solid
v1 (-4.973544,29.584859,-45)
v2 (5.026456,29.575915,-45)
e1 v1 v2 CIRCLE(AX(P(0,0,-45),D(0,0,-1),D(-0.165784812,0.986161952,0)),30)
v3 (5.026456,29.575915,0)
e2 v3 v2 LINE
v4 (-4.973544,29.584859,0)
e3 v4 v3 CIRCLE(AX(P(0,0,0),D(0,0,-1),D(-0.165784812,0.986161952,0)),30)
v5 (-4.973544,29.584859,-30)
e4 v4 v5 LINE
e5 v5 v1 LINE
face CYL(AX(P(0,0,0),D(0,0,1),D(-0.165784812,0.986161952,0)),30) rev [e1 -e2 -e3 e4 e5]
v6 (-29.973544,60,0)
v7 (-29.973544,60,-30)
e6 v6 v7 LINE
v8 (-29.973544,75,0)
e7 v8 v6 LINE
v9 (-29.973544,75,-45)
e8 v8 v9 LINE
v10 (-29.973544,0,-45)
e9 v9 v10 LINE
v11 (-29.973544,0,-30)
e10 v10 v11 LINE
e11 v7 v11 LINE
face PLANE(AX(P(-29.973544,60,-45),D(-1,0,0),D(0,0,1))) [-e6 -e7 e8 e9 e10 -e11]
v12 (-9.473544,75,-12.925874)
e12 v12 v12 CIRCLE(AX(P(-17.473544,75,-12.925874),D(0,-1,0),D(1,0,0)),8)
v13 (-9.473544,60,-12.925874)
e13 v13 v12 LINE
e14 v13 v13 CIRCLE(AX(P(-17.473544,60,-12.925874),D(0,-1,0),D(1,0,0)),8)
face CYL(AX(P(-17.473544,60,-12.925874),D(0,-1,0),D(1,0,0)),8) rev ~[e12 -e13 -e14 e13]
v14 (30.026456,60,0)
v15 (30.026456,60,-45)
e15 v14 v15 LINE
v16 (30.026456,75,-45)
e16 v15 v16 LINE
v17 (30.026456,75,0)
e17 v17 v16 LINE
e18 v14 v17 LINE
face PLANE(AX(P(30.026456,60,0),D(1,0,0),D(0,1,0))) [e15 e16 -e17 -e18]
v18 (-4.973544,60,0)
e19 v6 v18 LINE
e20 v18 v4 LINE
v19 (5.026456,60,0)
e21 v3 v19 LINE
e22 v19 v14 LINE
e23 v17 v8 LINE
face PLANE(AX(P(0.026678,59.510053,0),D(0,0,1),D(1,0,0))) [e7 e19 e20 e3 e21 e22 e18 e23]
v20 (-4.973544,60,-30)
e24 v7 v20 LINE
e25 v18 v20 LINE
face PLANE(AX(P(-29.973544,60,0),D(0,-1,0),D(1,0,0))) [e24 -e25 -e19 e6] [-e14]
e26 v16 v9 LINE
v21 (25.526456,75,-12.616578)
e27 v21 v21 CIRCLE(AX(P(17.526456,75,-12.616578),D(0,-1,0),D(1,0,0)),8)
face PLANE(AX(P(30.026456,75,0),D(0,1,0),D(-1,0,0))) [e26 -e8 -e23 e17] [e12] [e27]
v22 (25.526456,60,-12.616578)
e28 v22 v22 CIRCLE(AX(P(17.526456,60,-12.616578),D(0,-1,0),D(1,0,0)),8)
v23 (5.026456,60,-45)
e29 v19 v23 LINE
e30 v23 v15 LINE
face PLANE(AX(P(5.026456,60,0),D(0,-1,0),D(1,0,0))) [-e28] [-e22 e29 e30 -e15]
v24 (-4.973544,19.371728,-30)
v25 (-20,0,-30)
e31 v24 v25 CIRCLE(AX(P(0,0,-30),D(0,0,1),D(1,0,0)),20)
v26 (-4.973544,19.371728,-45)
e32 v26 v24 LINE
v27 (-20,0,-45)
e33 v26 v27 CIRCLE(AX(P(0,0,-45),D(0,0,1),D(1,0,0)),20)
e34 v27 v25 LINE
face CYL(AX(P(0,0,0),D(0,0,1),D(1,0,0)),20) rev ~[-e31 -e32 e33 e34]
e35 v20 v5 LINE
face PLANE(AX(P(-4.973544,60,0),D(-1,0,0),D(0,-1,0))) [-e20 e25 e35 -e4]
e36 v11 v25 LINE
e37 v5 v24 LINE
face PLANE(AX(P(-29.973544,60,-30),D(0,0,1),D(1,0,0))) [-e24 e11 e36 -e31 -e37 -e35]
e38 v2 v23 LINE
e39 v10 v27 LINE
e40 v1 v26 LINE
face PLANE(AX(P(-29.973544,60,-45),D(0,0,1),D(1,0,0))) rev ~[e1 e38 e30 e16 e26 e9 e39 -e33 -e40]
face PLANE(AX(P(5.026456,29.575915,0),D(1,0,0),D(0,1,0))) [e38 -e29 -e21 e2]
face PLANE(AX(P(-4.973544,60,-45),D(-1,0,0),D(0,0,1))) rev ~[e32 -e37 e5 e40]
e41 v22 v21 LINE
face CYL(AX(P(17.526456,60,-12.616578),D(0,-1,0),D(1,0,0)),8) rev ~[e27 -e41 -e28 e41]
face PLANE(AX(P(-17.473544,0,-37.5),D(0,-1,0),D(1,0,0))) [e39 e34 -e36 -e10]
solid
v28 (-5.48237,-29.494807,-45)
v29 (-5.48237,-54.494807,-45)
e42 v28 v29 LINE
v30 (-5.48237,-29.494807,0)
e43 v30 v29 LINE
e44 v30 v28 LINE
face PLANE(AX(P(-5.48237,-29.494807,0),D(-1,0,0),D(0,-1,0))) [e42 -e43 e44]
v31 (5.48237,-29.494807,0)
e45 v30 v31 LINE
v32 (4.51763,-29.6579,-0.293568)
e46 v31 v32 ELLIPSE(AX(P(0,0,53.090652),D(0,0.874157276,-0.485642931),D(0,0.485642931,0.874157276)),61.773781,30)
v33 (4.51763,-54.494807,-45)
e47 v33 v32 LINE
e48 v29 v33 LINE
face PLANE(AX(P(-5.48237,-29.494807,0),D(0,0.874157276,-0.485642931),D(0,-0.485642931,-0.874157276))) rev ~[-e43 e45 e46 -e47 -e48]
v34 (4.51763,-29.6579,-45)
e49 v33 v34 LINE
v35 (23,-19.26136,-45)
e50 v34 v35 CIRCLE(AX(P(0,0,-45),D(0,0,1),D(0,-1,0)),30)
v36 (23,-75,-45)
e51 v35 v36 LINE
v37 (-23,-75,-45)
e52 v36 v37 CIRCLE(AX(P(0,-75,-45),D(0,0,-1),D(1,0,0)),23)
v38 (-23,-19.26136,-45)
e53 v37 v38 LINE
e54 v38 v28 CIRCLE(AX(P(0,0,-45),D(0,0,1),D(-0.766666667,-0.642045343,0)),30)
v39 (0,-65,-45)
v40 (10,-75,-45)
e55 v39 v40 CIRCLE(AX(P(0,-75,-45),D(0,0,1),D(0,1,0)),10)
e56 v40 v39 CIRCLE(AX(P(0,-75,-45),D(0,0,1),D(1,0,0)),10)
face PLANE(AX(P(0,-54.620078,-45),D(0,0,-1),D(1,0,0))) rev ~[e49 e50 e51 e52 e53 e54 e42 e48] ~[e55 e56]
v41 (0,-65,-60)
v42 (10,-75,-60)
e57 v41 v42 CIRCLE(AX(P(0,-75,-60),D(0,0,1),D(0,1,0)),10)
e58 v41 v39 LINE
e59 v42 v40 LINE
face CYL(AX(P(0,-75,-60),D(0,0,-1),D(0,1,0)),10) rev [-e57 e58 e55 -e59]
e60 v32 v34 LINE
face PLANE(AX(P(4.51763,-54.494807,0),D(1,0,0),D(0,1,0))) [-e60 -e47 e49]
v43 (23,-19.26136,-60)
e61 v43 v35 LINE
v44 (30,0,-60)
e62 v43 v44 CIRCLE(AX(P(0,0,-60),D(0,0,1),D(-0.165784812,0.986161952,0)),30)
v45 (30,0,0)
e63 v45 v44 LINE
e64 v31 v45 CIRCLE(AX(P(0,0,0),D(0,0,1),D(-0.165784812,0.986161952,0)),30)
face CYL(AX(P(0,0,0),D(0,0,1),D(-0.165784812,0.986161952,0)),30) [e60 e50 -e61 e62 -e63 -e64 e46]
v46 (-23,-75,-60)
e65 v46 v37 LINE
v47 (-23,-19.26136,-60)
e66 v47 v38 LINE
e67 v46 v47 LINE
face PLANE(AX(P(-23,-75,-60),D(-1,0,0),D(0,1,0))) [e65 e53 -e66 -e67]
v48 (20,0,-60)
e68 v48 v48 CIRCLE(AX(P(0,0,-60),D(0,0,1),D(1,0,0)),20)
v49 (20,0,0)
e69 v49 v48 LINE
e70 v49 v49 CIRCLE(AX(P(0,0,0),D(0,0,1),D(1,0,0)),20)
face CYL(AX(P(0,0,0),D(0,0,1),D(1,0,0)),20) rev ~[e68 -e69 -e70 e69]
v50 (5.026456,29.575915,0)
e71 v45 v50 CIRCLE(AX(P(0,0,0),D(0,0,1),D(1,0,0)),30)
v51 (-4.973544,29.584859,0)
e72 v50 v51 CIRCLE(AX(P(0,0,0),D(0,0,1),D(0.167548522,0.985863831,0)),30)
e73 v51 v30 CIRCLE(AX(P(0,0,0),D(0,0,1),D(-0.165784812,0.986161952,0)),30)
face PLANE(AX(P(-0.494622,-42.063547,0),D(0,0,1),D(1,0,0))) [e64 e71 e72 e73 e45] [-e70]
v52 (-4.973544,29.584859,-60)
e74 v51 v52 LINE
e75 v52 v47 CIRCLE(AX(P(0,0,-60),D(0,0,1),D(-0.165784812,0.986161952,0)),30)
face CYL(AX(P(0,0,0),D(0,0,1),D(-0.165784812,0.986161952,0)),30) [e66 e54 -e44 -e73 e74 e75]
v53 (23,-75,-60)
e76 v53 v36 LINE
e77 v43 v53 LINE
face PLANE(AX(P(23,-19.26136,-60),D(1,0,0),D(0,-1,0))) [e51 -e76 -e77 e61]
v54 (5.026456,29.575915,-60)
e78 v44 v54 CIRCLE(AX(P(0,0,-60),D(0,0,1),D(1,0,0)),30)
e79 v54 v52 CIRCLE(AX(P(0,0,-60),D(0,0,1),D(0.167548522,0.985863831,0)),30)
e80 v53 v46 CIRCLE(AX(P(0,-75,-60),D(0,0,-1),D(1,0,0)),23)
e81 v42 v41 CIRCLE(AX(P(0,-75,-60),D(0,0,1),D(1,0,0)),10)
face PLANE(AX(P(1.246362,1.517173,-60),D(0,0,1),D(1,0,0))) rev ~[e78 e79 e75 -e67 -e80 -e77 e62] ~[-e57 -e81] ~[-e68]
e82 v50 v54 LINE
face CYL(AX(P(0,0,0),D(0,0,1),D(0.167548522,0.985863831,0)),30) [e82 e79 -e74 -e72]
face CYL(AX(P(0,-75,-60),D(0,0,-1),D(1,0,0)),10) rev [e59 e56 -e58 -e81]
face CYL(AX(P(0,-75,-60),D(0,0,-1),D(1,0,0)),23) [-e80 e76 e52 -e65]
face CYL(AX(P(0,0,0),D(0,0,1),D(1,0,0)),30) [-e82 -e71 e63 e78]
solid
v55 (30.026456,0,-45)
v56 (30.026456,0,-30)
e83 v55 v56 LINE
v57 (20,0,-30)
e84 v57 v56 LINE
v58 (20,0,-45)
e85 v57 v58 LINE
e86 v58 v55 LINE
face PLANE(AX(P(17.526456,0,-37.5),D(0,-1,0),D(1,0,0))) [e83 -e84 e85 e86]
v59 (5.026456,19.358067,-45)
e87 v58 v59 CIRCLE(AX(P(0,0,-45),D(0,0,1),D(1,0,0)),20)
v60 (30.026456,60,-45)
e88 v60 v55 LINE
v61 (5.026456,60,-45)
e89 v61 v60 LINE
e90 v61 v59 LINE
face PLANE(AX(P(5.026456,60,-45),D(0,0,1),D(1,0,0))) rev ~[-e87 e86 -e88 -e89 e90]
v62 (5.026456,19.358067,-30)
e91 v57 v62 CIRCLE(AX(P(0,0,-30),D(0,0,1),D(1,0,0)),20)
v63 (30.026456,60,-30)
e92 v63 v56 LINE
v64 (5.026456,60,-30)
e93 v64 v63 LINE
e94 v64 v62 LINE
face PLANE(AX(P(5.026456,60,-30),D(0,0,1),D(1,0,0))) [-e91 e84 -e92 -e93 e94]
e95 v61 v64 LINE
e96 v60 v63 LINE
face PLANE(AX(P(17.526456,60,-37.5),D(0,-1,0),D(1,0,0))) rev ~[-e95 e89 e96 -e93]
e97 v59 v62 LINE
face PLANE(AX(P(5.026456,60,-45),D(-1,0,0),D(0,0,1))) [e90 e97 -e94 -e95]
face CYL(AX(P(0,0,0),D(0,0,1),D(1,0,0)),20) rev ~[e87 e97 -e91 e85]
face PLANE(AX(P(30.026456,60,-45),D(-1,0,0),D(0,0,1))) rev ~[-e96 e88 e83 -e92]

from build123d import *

# Parameters (mm, degrees)
F0_R      = 20
F1_DEPTH  = 60
F2_DEPTH  = 45
F3_R      = 8
F4_DEPTH  = 25
F6_DEPTH  = 15
F8_DEPTH  = 45
F10_DEPTH = 25
F11_W     = 25
F11_H     = 15
F12_DEPTH = 60
F13_W     = 25
F13_H     = 15
F14_DEPTH = 60
F15_DEPTH = 60.001


with BuildPart() as f1:
    # F0 (on Top) → F1 (new body)
    with BuildSketch(Plane.XY):
        with BuildLine():
            ThreePointArc((-4.9735443536, 29.5848585692), (-19.3751602495, -22.9042171948), (30, 0))
            ThreePointArc((30, 0), (22.921536482, 19.3546677911), (5.0264556464, 29.5759149247))
            ThreePointArc((5.0264556464, 29.5759149247), (0.0268309228, 29.9999880017), (-4.9735443536, 29.5848585692))
        make_face()
        Circle(F0_R, mode=Mode.SUBTRACT)
    extrude(amount=-F1_DEPTH)

    # F5 (on face) → F6 (join)
    with BuildSketch(Plane(origin=(0, 0, -60), x_dir=(1, 0, 0), z_dir=(0, 0, -1))):
        with BuildLine():
            ThreePointArc((-23, 19.2613602843), (-12.6917136643, 27.1830904105), (0, 30))
            ThreePointArc((0, 30), (12.6917136643, 27.1830904105), (23, 19.2613602843))
            Line((23, 19.2613602843), (23, 75))
            ThreePointArc((23, 75), (0, 98), (-23, 75))
            Line((-23, 75), (-23, 19.2613602843))
        make_face()
        with BuildLine():
            ThreePointArc((10, 75), (7.0710678119, 67.9289321881), (0, 65))
            ThreePointArc((0, 65), (-7.0710678119, 82.0710678119), (10, 75))
        make_face(mode=Mode.SUBTRACT)
    extrude(amount=-F6_DEPTH)

    # F7 (on Top) → F8 (join)
    with BuildSketch(Plane.XY):
        with BuildLine():
            ThreePointArc((4.5176299661, -29.6578997822), (-0.4892143627, -29.9960108899), (-5.4823700339, -29.4948066414))
            Line((-5.4823700339, -29.4948066414), (-5.4823700339, -54.4948066414))
            Line((-5.4823700339, -54.4948066414), (4.5176299661, -54.4948066414))
            Line((4.5176299661, -54.4948066414), (4.5176299661, -29.6578997822))
        make_face()
    extrude(amount=-F8_DEPTH)

    # F9 (on face) → F10 (cut)
    with BuildSketch(Plane(origin=(-5.4823700339, 0, 0), x_dir=(0, -1, 0), z_dir=(-1, 0, 0))):
        Polygon((54.4948066414, 0), (29.4948066414, 0), (54.4948066414, -45), align=None)
    extrude(amount=-F10_DEPTH, mode=Mode.SUBTRACT)


with BuildPart() as f2:
    # F0 (on Top) → F2 (new body)
    with BuildSketch(Plane.XY):
        with BuildLine():
            ThreePointArc((-4.9735443536, 29.5848585692), (0.0268309228, 29.9999880017), (5.0264556464, 29.5759149247))
            Line((5.0264556464, 29.5759149247), (5.0264556464, 60))
            Line((5.0264556464, 60), (30.0264556464, 60))
            Line((30.0264556464, 60), (30.0264556464, 75))
            Line((30.0264556464, 75), (-29.9735443536, 75))
            Line((-29.9735443536, 75), (-29.9735443536, 60))
            Line((-29.9735443536, 60), (-4.9735443536, 60))
            Line((-4.9735443536, 60), (-4.9735443536, 29.5848585692))
        make_face()
    extrude(amount=-F2_DEPTH)

    # F3 (on face) → F4 (cut)
    with BuildSketch(Plane.XZ.offset(-60)):
        with Locations((-17.4735443536, -12.9258744419)):
            Circle(F3_R)
        with Locations((17.5264556464, -12.6165784895)):
            Circle(F3_R)
    extrude(amount=-F4_DEPTH, mode=Mode.SUBTRACT)

    # F11 (on face) → F12 (join)
    with BuildSketch(Plane.XZ.offset(-60)):
        with Locations((-17.4735443536, -37.5)):
            Rectangle(F11_W, F11_H)
    extrude(amount=F12_DEPTH)


with BuildPart() as f14:
    # F13 (on face) → F14 (new body)
    with BuildSketch(Plane.XZ.offset(-60)):
        with Locations((17.5264556464, -37.5)):
            Rectangle(F13_W, F13_H)
    extrude(amount=F14_DEPTH)


with BuildPart() as f15_tool:
    # F0 (on Top) → F15 (new body, through all)
    with BuildSketch(Plane.XY):
        Circle(F0_R)
    extrude(amount=-F15_DEPTH)


with BuildPart() as f2_1:
    add(f2.part)

    # F15: cut by f15_tool
    add(f15_tool.part, mode=Mode.SUBTRACT)


with BuildPart() as f14_1:
    add(f14.part)

    # F15: cut by f15_tool
    add(f15_tool.part, mode=Mode.SUBTRACT)


solid = Compound([f1.part, f2_1.part, f14_1.part])
